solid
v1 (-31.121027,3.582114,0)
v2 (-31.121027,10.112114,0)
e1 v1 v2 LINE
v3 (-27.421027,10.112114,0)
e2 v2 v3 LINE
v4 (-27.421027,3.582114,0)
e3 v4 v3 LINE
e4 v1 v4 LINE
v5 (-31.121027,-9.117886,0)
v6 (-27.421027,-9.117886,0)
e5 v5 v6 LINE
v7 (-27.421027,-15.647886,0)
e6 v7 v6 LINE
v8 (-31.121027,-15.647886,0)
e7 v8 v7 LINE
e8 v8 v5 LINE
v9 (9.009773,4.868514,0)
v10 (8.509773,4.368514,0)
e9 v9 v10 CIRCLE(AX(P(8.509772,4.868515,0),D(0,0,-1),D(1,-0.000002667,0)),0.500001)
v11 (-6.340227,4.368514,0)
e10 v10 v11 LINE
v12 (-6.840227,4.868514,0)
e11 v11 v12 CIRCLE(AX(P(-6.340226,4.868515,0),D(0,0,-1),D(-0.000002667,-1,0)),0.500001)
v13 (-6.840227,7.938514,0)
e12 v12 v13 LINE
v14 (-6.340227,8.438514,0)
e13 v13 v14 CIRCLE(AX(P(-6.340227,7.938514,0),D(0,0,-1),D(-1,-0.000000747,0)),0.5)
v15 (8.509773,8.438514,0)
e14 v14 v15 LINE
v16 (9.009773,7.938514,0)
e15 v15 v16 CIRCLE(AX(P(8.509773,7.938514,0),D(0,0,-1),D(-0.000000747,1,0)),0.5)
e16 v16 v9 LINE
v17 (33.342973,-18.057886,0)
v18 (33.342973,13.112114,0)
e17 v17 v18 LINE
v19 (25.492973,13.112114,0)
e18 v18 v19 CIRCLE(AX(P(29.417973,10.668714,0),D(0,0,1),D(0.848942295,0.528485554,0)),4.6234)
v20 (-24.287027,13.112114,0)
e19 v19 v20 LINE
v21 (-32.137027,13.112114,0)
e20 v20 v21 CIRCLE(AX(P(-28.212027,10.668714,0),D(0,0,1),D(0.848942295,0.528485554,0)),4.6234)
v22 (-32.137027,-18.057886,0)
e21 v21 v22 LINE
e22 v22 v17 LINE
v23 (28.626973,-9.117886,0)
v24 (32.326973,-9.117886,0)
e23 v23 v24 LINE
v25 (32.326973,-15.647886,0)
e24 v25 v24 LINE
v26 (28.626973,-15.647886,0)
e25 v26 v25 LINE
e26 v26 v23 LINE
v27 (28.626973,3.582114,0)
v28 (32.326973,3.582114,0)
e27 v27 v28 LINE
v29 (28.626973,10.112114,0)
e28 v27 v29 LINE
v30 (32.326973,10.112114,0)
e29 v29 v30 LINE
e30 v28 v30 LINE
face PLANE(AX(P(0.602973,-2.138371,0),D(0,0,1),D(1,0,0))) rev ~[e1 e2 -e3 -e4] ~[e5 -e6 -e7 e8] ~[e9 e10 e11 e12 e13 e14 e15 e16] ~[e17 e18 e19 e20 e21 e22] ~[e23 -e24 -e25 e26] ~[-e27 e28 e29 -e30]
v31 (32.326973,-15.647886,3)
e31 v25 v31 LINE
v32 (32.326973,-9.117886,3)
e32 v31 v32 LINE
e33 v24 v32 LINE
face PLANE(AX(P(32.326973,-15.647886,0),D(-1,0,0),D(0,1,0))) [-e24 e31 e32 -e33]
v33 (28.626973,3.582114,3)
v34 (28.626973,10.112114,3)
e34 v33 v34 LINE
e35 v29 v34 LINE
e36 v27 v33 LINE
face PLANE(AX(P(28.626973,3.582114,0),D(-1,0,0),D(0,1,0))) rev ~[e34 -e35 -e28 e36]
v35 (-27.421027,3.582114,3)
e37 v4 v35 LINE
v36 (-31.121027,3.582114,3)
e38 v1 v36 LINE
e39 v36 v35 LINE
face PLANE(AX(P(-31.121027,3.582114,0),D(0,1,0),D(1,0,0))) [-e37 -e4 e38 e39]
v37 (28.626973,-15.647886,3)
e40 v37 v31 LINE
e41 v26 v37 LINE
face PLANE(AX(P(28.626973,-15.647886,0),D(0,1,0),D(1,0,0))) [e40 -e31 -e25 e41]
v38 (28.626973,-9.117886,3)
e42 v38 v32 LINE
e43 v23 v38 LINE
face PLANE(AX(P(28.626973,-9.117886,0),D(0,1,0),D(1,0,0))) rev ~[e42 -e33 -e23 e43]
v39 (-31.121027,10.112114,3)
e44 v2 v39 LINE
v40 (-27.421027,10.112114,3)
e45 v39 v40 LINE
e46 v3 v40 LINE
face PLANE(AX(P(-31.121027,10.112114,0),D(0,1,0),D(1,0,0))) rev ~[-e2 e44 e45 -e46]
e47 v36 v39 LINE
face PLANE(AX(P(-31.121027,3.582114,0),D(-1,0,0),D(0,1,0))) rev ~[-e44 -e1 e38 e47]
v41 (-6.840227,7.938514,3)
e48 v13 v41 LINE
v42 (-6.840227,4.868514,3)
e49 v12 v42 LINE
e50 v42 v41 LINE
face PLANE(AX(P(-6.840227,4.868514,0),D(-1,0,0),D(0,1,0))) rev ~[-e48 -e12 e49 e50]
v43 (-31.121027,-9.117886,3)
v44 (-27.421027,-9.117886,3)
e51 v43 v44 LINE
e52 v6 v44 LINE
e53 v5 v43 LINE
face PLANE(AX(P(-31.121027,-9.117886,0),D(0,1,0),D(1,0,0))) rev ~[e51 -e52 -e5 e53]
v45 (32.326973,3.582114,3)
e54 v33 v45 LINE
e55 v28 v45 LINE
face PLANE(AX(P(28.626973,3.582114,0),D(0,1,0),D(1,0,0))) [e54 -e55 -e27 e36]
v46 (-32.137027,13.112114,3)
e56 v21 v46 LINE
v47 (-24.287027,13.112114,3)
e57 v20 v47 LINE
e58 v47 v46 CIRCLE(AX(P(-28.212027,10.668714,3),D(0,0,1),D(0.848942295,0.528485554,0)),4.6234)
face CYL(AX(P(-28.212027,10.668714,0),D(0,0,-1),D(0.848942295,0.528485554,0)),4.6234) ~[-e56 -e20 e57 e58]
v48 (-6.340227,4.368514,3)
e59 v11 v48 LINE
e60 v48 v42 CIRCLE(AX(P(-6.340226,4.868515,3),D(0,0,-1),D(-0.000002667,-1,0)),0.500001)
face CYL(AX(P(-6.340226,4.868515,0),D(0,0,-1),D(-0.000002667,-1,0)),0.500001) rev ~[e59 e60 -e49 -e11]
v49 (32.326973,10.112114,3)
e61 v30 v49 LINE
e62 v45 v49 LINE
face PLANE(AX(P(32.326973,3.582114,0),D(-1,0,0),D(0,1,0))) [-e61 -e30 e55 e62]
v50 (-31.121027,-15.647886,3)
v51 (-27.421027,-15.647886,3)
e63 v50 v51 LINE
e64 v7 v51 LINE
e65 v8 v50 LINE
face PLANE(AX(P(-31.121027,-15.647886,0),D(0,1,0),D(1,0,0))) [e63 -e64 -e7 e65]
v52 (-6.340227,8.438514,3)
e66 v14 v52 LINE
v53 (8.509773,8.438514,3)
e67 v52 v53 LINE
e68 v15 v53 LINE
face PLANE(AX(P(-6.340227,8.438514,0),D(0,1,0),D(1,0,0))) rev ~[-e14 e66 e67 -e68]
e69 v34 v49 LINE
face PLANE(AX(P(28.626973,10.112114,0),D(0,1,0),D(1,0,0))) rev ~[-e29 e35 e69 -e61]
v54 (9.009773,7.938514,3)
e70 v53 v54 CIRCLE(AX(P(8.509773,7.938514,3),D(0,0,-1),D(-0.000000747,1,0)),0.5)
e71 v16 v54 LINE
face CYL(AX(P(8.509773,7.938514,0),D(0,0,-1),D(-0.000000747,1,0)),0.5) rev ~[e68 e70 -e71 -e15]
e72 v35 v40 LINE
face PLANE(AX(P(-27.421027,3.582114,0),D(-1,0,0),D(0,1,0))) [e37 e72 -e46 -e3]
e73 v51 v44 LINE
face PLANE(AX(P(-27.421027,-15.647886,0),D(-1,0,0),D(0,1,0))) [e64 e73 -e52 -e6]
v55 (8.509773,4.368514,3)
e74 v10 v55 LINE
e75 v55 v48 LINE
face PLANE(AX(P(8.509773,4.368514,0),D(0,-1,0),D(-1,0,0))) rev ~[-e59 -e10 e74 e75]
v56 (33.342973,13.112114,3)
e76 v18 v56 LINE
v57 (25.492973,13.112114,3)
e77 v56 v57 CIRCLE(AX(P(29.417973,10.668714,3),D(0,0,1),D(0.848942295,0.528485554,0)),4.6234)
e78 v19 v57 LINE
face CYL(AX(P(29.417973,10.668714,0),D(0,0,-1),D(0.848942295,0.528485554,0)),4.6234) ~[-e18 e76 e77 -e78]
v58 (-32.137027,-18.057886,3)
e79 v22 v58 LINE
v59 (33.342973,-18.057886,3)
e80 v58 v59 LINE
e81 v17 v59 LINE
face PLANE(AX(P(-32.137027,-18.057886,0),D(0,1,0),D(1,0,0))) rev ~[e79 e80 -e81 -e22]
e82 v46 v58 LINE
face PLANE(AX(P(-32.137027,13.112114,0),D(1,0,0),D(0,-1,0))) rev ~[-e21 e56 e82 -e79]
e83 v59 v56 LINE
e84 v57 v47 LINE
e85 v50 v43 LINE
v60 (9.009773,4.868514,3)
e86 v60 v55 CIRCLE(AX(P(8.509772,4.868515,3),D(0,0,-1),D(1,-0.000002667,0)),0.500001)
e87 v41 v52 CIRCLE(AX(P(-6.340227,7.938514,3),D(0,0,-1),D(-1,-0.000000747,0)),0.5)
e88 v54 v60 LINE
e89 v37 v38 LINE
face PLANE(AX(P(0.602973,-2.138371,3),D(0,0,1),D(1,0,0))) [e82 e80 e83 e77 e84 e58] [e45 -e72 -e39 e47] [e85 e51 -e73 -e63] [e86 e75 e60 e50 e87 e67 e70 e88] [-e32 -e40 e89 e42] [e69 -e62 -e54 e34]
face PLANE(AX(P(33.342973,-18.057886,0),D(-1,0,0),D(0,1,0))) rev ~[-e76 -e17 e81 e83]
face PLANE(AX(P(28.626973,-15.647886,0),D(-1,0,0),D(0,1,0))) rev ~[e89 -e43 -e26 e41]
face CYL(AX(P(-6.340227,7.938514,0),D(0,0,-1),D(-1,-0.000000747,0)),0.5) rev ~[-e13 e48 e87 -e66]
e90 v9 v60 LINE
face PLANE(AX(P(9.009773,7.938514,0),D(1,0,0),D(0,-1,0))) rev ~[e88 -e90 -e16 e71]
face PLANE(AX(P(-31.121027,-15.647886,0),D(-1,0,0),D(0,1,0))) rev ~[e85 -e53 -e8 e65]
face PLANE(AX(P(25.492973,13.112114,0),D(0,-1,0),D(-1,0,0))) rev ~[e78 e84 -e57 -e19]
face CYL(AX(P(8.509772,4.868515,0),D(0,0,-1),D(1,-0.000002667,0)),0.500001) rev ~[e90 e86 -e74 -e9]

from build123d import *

# Parameters (mm, degrees)
F0_W     = 3.7
F0_H     = 6.53
F1_DEPTH = 3


with BuildPart() as f1:
    # F0 (on Top) → F1 (new body)
    with BuildSketch(Plane.XY):
        with BuildLine():
            Line((-32.137027, 13.112114), (-32.137027, -18.057886))
            Line((-32.137027, -18.057886), (33.342973, -18.057886))
            Line((33.342973, -18.057886), (33.342973, 13.112114))
            ThreePointArc((33.342973, 13.112114), (29.417973, 15.292114), (25.492973, 13.112114))
            Line((25.492973, 13.112114), (-24.287027, 13.112114))
            ThreePointArc((-24.287027, 13.112114), (-28.212027, 15.292114), (-32.137027, 13.112114))
        make_face()
        with Locations((-29.271027, -12.382886)):
            Rectangle(F0_W, F0_H, mode=Mode.SUBTRACT)
        with Locations((30.476973, -12.382886)):
            Rectangle(F0_W, F0_H, mode=Mode.SUBTRACT)
        with Locations((-29.271027, 6.847114)):
            Rectangle(F0_W, F0_H, mode=Mode.SUBTRACT)
        with BuildLine():
            ThreePointArc((-6.840227, 7.938514), (-6.69378, 8.292068), (-6.340227, 8.438514))
            Line((-6.340227, 8.438514), (8.509773, 8.438514))
            ThreePointArc((8.509773, 8.438514), (8.863326, 8.292068), (9.009773, 7.938514))
            Line((9.009773, 7.938514), (9.009773, 4.868514))
            ThreePointArc((9.009773, 4.868514), (8.863326, 4.514961), (8.509773, 4.368514))
            Line((8.509773, 4.368514), (-6.340227, 4.368514))
            ThreePointArc((-6.340227, 4.368514), (-6.69378, 4.514961), (-6.840227, 4.868514))
            Line((-6.840227, 4.868514), (-6.840227, 7.938514))
        make_face(mode=Mode.SUBTRACT)
        with Locations((30.476973, 6.847114)):
            Rectangle(F0_W, F0_H, mode=Mode.SUBTRACT)
    extrude(amount=F1_DEPTH)


solid = f1.part
